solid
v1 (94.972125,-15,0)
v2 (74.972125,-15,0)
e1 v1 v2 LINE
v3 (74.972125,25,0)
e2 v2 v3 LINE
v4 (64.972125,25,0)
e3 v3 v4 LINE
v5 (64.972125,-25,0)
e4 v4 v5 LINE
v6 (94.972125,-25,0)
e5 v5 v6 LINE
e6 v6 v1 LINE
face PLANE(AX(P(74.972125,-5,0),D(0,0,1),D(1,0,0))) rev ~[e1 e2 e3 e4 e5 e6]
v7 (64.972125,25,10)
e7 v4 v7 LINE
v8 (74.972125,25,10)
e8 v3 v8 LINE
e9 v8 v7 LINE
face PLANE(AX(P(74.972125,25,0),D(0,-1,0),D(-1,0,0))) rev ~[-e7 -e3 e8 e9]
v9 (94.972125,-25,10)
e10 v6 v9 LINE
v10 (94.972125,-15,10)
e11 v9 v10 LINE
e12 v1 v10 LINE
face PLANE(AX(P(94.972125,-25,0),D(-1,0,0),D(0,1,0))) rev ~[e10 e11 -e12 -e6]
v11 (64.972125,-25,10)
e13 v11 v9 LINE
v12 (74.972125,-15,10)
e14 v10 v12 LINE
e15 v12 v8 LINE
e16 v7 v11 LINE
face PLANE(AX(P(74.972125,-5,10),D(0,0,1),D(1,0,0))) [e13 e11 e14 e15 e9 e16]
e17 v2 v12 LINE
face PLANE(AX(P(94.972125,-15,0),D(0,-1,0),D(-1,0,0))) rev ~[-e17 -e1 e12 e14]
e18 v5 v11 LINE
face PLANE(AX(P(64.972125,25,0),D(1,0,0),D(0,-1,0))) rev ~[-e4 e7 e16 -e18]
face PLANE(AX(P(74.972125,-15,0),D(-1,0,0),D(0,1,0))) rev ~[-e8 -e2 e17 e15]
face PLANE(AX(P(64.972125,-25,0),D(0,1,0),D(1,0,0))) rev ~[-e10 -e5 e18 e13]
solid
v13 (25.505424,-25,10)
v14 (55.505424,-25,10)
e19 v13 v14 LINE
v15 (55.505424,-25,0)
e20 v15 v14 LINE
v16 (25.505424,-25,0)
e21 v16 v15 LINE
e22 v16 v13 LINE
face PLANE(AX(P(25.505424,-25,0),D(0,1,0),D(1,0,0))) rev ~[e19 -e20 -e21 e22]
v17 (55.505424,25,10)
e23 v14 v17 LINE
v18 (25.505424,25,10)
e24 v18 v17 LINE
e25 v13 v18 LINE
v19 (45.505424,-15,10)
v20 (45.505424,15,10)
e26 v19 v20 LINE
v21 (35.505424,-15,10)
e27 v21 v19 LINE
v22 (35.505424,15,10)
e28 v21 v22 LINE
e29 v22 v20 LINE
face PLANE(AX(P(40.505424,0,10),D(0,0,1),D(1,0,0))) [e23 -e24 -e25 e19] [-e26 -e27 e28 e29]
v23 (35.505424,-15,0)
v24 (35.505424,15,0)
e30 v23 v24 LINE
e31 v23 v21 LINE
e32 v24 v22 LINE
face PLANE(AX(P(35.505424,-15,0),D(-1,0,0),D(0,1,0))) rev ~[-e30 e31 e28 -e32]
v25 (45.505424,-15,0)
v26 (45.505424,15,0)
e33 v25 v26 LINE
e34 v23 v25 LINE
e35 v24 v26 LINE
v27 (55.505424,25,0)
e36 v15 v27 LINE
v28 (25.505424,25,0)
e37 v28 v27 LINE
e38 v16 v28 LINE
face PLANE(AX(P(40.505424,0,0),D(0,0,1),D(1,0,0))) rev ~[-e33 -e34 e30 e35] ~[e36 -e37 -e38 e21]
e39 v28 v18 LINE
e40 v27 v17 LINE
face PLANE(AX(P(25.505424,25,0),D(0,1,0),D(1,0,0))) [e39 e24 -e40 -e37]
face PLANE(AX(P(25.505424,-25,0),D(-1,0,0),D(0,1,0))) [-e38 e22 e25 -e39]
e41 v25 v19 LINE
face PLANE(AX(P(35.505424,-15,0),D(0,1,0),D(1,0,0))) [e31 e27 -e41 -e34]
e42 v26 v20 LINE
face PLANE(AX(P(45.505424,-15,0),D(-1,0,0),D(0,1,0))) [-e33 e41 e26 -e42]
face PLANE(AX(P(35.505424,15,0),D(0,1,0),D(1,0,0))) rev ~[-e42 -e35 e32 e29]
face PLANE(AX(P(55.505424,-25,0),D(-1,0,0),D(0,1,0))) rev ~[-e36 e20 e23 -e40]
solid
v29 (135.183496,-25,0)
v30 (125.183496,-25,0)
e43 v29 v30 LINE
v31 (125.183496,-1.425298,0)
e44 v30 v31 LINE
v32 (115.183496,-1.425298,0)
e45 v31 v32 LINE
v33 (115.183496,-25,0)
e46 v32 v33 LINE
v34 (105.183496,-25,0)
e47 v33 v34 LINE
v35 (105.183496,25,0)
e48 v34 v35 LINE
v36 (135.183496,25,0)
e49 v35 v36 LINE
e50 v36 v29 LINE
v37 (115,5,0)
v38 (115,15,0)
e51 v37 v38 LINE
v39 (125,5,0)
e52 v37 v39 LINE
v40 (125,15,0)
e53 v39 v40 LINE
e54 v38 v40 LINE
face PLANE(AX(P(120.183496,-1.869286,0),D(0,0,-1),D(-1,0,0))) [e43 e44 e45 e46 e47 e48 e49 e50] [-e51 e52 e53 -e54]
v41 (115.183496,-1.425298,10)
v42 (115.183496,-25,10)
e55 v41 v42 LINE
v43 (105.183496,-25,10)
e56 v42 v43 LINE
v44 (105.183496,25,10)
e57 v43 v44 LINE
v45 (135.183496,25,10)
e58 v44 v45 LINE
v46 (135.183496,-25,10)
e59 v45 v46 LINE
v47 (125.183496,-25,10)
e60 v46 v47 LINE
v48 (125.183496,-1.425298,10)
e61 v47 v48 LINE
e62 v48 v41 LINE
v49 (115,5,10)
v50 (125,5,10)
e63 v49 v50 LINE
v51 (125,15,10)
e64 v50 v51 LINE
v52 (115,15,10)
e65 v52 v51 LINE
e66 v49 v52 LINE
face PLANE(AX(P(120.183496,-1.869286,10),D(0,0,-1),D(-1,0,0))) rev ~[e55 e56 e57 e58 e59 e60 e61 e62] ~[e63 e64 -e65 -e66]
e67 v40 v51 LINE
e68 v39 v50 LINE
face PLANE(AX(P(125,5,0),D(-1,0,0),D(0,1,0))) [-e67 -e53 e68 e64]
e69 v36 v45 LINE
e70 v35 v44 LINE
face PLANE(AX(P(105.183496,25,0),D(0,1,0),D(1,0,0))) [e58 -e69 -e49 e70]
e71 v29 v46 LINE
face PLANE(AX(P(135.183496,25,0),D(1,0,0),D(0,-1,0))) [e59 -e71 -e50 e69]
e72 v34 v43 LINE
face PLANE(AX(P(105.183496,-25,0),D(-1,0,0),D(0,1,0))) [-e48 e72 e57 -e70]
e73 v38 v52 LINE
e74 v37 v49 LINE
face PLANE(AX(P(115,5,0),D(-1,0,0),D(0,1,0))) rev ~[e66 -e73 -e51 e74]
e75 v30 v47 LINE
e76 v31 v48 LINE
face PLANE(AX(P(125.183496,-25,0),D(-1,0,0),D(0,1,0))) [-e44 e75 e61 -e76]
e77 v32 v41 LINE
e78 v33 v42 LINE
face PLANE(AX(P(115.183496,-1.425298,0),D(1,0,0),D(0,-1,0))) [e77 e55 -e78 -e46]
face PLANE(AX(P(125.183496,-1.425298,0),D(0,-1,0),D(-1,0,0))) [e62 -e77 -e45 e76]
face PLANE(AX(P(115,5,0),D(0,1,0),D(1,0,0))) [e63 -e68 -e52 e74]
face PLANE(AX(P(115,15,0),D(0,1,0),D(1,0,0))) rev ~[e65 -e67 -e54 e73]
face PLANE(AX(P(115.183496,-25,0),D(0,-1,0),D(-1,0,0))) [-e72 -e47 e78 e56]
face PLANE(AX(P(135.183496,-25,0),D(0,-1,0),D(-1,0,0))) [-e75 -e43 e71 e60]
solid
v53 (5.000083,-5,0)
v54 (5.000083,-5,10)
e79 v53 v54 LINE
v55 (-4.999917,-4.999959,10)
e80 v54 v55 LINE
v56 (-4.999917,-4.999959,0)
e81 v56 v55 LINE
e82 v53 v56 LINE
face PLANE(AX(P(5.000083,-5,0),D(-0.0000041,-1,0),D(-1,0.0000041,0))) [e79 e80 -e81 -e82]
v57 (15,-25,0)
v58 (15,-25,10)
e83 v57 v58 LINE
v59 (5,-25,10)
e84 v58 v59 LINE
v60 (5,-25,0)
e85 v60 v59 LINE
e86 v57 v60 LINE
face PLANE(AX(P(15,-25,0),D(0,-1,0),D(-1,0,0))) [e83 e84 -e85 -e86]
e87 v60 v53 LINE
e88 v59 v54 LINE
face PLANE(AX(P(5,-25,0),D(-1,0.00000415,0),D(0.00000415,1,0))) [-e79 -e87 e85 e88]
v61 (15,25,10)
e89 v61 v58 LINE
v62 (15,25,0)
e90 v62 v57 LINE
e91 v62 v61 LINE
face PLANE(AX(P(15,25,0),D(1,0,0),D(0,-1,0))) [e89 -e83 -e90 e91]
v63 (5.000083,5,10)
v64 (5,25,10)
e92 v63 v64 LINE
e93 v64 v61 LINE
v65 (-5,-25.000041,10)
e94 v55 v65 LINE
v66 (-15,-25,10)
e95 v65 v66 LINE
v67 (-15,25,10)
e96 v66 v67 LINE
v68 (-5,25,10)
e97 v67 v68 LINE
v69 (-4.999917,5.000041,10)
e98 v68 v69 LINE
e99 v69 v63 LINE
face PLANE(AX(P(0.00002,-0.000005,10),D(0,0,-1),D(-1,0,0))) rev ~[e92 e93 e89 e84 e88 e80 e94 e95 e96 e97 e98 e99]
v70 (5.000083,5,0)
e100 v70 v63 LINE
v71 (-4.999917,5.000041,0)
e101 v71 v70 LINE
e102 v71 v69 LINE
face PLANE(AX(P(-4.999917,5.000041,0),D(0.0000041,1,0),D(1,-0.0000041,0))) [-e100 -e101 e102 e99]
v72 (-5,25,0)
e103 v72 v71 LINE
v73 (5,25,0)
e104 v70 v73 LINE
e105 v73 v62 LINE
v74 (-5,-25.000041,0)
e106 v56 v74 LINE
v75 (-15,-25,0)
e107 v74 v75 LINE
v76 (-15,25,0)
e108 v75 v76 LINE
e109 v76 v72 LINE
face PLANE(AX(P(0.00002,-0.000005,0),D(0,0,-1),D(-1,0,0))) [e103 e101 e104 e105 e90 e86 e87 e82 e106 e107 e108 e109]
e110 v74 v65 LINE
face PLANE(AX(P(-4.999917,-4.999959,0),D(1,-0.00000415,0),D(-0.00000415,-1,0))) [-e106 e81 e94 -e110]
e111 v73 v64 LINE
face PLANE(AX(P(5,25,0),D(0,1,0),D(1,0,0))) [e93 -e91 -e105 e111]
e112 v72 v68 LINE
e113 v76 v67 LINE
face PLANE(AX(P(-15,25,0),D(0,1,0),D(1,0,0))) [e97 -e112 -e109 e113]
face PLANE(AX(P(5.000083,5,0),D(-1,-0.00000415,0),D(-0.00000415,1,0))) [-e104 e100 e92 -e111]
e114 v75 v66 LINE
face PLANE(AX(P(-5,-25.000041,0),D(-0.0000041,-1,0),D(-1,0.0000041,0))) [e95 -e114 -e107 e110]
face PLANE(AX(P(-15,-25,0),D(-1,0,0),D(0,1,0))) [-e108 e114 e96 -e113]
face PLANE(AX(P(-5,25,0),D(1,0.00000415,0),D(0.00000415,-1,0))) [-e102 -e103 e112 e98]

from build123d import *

# Parameters (mm, degrees)
PAD_DEPTH     = 10
SKETCH001_W   = 30
SKETCH001_H   = 50
SKETCH001_W_2 = 10
SKETCH001_H_2 = 30
PAD001_DEPTH  = 10
PAD002_DEPTH  = 10
SKETCH003_W   = 10
SKETCH003_H   = 10
PAD003_DEPTH  = 10


with BuildPart() as h:
    # Sketch → Pad (new body)
    with BuildSketch(Plane.XY):
        Polygon((-15, 25), (-5, 25), (-4.999917, 5.000041), (5.000083, 5), (5, 25), (15, 25), (15, -25), (5, -25), (5.000083, -5), (-4.999917, -4.999959), (-5, -25.000041), (-15, -25), align=None)
    extrude(amount=PAD_DEPTH)


with BuildPart() as o:
    # Sketch001 → Pad001 (new body)
    with BuildSketch(Plane(origin=(40, 0, 0), x_dir=(1, 0, 0), z_dir=(0, 0, 1))):
        with Locations((0.505424, 0)):
            Rectangle(SKETCH001_W, SKETCH001_H)
        with Locations((0.505424, 0)):
            Rectangle(SKETCH001_W_2, SKETCH001_H_2, mode=Mode.SUBTRACT)
    extrude(amount=PAD001_DEPTH)


with BuildPart() as l:
    # Sketch002 → Pad002 (new body)
    with BuildSketch(Plane(origin=(85, 0, 0), x_dir=(1, 0, 0), z_dir=(0, 0, 1))):
        Polygon((-20.027875, -25), (9.972125, -25), (9.972125, -15), (-10.027875, -15), (-10.027875, 25), (-20.027875, 25), align=None)
    extrude(amount=PAD002_DEPTH)


with BuildPart() as a:
    # Sketch003 → Pad003 (new body)
    with BuildSketch(Plane(origin=(125, 0, 0), x_dir=(1, 0, 0), z_dir=(0, 0, 1))):
        Polygon((-19.816504, -25), (-19.816504, 25), (10.183496, 25), (10.183496, -25), (0.183496, -25), (0.183496, -1.425298), (-9.816504, -1.425298), (-9.816504, -25), align=None)
        with Locations((-5, 10)):
            Rectangle(SKETCH003_W, SKETCH003_H, mode=Mode.SUBTRACT)
    extrude(amount=PAD003_DEPTH)


solid = Compound([h.part, o.part, l.part, a.part])
